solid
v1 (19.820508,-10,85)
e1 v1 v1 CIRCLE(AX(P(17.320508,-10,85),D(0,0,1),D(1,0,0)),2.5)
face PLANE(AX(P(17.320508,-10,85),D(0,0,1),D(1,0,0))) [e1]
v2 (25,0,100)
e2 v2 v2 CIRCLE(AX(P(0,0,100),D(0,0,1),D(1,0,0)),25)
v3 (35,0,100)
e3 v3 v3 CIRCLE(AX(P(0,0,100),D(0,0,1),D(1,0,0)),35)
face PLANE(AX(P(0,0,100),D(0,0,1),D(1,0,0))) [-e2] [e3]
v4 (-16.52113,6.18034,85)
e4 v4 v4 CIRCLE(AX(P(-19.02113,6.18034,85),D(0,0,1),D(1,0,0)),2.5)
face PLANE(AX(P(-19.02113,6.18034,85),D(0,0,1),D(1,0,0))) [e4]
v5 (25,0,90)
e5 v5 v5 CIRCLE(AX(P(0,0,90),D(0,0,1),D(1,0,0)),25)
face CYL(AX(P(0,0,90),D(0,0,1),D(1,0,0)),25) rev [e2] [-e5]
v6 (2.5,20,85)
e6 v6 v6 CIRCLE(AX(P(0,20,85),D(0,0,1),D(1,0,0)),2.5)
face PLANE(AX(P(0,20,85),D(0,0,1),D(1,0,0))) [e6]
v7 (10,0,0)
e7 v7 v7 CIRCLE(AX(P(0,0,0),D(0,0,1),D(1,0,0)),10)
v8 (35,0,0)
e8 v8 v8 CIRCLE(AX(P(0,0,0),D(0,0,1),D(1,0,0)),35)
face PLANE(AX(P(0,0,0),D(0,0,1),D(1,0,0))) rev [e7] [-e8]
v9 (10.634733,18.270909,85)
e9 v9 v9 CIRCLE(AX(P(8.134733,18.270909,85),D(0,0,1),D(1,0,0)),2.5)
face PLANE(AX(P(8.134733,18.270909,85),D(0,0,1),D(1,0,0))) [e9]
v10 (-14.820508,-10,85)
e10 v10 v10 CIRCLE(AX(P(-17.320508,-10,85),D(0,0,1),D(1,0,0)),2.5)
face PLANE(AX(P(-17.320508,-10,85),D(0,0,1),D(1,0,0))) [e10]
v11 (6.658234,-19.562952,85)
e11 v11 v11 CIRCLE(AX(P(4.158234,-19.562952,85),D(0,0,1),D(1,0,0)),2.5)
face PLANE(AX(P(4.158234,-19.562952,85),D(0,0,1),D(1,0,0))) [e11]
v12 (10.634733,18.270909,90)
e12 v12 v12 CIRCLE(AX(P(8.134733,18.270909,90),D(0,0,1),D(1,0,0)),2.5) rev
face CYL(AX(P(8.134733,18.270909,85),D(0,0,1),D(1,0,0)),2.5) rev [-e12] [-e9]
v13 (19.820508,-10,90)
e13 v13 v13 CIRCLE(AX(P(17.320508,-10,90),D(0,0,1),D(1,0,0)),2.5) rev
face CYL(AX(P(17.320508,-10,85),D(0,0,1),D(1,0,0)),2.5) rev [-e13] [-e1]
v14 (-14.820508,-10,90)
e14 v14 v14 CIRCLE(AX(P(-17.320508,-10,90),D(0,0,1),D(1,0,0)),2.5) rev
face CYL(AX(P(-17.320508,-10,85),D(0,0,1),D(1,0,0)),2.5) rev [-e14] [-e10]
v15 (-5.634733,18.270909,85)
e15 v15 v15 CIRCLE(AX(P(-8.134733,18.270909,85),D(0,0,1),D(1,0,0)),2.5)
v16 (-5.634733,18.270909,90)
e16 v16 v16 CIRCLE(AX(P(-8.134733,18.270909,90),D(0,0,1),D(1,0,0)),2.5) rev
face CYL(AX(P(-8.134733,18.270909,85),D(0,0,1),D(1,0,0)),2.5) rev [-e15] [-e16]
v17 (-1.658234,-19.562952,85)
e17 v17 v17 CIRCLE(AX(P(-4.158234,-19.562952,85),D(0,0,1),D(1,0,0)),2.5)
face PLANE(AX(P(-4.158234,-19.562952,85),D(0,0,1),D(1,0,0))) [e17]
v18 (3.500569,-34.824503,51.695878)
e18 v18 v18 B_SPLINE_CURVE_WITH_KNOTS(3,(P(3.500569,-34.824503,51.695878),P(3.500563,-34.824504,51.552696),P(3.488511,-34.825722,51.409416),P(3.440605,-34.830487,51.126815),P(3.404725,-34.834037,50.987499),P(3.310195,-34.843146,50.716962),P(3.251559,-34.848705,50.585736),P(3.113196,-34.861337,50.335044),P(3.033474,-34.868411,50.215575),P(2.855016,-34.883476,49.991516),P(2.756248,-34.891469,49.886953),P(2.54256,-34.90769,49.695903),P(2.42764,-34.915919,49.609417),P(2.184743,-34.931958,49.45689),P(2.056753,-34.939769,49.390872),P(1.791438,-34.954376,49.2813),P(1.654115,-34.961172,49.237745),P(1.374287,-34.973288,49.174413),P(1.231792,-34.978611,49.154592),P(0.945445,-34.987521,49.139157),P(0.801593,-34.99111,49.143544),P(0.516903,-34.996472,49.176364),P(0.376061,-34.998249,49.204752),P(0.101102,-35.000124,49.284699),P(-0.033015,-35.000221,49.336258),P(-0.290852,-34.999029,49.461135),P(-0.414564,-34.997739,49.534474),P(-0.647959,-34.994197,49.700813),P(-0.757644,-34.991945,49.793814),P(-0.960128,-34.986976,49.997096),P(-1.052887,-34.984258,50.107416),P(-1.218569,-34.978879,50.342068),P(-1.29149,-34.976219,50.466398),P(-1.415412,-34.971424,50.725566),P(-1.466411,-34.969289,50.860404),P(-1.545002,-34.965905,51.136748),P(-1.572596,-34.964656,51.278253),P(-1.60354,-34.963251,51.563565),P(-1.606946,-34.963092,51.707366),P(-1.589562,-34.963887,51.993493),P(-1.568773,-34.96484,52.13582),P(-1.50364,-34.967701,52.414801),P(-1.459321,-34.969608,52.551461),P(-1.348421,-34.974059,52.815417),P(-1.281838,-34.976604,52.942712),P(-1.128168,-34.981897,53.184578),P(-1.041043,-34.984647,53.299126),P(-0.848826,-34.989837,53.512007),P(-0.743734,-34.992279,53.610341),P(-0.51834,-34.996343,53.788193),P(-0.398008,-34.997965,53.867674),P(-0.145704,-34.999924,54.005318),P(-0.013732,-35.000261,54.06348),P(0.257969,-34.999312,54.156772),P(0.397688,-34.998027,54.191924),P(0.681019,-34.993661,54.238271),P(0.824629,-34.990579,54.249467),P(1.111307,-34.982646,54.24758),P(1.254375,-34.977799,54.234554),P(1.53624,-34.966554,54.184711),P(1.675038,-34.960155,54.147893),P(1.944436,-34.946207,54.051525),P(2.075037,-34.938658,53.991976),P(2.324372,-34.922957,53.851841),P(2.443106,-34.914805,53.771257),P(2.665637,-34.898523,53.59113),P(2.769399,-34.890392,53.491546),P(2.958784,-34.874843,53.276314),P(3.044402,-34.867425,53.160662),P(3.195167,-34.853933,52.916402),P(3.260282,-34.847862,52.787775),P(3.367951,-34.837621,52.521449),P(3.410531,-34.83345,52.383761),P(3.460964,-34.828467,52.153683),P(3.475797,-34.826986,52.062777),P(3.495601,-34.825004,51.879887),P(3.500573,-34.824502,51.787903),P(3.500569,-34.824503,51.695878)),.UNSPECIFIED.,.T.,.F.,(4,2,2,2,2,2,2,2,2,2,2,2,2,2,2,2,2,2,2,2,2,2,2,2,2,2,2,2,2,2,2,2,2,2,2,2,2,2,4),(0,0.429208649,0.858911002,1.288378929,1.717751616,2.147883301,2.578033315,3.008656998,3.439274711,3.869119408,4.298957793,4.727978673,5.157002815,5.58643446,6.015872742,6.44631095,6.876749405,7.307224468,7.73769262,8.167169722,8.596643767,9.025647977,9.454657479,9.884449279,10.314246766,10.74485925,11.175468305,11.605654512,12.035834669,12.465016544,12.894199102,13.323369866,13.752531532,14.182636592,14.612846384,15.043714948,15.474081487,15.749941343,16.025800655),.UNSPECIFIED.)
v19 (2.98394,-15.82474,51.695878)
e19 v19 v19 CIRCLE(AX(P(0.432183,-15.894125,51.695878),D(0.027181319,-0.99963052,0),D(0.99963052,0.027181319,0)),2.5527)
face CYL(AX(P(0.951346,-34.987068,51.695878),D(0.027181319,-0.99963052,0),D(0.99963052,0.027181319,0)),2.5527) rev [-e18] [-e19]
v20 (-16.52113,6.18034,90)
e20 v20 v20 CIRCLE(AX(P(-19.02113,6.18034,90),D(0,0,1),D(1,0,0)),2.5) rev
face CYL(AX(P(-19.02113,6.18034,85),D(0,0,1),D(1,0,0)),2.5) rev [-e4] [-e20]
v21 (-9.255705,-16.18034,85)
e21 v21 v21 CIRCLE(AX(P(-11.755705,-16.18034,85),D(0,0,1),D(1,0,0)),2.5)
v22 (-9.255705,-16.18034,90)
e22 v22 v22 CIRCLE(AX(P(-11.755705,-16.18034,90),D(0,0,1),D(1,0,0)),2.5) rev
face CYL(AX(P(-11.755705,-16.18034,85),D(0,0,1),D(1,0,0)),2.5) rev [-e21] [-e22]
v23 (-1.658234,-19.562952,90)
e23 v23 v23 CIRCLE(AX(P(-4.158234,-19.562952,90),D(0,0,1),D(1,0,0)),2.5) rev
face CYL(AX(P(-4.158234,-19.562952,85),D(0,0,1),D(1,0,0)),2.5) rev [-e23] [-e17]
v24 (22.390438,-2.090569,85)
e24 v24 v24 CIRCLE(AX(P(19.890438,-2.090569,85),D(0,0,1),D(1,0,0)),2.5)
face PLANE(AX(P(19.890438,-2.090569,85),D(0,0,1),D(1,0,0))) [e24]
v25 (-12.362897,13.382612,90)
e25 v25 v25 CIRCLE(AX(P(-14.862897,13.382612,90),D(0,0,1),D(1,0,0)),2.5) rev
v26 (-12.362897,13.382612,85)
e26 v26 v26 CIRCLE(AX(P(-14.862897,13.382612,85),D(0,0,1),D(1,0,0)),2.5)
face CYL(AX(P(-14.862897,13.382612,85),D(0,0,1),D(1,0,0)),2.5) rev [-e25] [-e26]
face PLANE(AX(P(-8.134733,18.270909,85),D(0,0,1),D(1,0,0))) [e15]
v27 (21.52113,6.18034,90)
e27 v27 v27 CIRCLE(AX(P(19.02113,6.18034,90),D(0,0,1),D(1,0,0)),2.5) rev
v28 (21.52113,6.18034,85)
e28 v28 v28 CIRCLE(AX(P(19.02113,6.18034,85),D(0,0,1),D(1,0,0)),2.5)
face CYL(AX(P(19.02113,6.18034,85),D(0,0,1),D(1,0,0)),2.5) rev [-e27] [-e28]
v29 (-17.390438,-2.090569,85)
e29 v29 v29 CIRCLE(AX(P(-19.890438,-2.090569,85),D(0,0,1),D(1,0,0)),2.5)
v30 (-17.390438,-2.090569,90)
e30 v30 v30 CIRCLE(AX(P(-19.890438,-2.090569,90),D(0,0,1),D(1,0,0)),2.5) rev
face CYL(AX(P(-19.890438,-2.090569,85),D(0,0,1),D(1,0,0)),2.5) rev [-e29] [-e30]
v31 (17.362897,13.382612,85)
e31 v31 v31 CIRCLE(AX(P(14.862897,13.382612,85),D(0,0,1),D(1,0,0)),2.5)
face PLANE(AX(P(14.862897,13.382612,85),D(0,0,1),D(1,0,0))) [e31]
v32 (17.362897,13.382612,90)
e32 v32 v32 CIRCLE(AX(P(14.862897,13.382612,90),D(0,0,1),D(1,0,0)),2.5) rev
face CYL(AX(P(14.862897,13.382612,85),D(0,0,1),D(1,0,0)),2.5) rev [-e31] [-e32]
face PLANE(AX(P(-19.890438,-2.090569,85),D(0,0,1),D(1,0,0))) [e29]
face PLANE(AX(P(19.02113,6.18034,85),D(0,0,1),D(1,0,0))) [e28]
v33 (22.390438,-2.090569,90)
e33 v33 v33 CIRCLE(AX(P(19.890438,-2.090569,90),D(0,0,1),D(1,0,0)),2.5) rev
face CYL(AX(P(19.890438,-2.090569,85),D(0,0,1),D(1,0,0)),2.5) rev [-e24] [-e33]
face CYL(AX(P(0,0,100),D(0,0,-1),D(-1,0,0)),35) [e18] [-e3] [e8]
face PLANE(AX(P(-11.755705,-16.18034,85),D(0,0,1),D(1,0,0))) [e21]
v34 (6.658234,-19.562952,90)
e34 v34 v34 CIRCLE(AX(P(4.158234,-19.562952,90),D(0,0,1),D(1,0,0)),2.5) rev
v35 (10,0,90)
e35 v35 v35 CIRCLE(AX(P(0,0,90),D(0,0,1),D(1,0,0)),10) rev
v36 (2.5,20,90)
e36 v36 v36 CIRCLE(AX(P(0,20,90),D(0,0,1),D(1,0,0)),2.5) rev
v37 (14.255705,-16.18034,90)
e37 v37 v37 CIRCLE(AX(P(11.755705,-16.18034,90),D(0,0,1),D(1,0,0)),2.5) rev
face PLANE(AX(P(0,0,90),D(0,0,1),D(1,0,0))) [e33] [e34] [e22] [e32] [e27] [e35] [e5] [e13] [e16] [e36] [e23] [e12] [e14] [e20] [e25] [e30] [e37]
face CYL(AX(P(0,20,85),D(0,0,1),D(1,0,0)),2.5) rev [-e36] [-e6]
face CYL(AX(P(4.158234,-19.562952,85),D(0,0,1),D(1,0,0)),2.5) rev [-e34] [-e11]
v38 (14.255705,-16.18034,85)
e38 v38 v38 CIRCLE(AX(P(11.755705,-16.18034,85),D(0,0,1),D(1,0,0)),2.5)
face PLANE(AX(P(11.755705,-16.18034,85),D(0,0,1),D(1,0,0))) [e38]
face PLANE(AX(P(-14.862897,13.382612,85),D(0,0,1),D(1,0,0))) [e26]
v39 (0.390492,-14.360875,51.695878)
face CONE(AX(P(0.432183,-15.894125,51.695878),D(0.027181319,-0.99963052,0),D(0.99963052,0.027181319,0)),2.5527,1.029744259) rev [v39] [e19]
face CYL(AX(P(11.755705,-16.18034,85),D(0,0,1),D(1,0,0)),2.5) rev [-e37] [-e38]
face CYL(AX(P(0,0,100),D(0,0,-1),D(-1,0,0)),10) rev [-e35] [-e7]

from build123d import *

# Parameters (mm, degrees)
SKETCH1_R                   = 35
BOSS_EXTRUDE1_DEPTH         = 100
SKETCH2_R                   = 2.5
CUT_EXTRUDE5_DEPTH          = 15
SKETCH2_7_R                 = 25
CUT_EXTRUDE6_DEPTH          = 10
SKETCH3_R                   = 10
CUT_EXTRUDE8_DEPTH          = 112.579568022
F_1_4_20_TAPPED_HOLE1_D     = 5.1054
F_1_4_20_TAPPED_HOLE1_DEPTH = 19.1
F_1_4_20_TAPPED_HOLE1_TIP   = 1.533816902


with BuildPart() as part:
    # Sketch1 → Boss-Extrude1 (new body)
    with BuildSketch(Plane.XY):
        Circle(SKETCH1_R)
    extrude(amount=BOSS_EXTRUDE1_DEPTH)

    # Sketch2 → Cut-Extrude5 (cut)
    with BuildSketch(Plane.XY.offset(100)):
        with Locations((0, 20)):
            Circle(SKETCH2_R)
        with Locations((8.134732862, 18.270909153)):
            Circle(SKETCH2_R)
        with Locations((14.86289651, 13.382612127)):
            Circle(SKETCH2_R)
        with Locations((19.021130326, 6.180339887)):
            Circle(SKETCH2_R)
        with Locations((19.890437907, -2.090569265)):
            Circle(SKETCH2_R)
        with Locations((17.320508076, -10)):
            Circle(SKETCH2_R)
        with Locations((11.755705046, -16.180339887)):
            Circle(SKETCH2_R)
        with Locations((4.158233816, -19.562952015)):
            Circle(SKETCH2_R)
        with Locations((-4.158233816, -19.562952015)):
            Circle(SKETCH2_R)
        with Locations((-11.755705046, -16.180339887)):
            Circle(SKETCH2_R)
        with Locations((-17.320508076, -10)):
            Circle(SKETCH2_R)
        with Locations((-19.890437907, -2.090569265)):
            Circle(SKETCH2_R)
        with Locations((-19.021130326, 6.180339887)):
            Circle(SKETCH2_R)
        with Locations((-14.86289651, 13.382612127)):
            Circle(SKETCH2_R)
        with Locations((-8.134732862, 18.270909153)):
            Circle(SKETCH2_R)
    extrude(amount=-CUT_EXTRUDE5_DEPTH, mode=Mode.SUBTRACT)

    # Sketch2<7> → Cut-Extrude6 (cut)
    with BuildSketch(Plane.XY.offset(100)):
        Circle(SKETCH2_7_R)
    extrude(amount=-CUT_EXTRUDE6_DEPTH, mode=Mode.SUBTRACT)

    # Sketch3 → Cut-Extrude8 (cut, through all)
    with BuildSketch(Plane.XY):
        Circle(SKETCH3_R)
    extrude(amount=CUT_EXTRUDE8_DEPTH, mode=Mode.SUBTRACT)

    # 1/4-20 Tapped Hole1
    with Locations(Plane(origin=(0.951346155, -34.987068189, 51.695877928), x_dir=(-0.999630519699, -0.027181318711, 0), z_dir=(0.027181318711, -0.999630519699, 0))):
        with Locations((0, 0)):
            Hole(F_1_4_20_TAPPED_HOLE1_D / 2, depth=F_1_4_20_TAPPED_HOLE1_DEPTH)
            with Locations((0, 0, -(F_1_4_20_TAPPED_HOLE1_DEPTH + F_1_4_20_TAPPED_HOLE1_TIP / 2))):  # 118° drill point
                Cone(0, F_1_4_20_TAPPED_HOLE1_D / 2, F_1_4_20_TAPPED_HOLE1_TIP, mode=Mode.SUBTRACT)


solid = part.part
